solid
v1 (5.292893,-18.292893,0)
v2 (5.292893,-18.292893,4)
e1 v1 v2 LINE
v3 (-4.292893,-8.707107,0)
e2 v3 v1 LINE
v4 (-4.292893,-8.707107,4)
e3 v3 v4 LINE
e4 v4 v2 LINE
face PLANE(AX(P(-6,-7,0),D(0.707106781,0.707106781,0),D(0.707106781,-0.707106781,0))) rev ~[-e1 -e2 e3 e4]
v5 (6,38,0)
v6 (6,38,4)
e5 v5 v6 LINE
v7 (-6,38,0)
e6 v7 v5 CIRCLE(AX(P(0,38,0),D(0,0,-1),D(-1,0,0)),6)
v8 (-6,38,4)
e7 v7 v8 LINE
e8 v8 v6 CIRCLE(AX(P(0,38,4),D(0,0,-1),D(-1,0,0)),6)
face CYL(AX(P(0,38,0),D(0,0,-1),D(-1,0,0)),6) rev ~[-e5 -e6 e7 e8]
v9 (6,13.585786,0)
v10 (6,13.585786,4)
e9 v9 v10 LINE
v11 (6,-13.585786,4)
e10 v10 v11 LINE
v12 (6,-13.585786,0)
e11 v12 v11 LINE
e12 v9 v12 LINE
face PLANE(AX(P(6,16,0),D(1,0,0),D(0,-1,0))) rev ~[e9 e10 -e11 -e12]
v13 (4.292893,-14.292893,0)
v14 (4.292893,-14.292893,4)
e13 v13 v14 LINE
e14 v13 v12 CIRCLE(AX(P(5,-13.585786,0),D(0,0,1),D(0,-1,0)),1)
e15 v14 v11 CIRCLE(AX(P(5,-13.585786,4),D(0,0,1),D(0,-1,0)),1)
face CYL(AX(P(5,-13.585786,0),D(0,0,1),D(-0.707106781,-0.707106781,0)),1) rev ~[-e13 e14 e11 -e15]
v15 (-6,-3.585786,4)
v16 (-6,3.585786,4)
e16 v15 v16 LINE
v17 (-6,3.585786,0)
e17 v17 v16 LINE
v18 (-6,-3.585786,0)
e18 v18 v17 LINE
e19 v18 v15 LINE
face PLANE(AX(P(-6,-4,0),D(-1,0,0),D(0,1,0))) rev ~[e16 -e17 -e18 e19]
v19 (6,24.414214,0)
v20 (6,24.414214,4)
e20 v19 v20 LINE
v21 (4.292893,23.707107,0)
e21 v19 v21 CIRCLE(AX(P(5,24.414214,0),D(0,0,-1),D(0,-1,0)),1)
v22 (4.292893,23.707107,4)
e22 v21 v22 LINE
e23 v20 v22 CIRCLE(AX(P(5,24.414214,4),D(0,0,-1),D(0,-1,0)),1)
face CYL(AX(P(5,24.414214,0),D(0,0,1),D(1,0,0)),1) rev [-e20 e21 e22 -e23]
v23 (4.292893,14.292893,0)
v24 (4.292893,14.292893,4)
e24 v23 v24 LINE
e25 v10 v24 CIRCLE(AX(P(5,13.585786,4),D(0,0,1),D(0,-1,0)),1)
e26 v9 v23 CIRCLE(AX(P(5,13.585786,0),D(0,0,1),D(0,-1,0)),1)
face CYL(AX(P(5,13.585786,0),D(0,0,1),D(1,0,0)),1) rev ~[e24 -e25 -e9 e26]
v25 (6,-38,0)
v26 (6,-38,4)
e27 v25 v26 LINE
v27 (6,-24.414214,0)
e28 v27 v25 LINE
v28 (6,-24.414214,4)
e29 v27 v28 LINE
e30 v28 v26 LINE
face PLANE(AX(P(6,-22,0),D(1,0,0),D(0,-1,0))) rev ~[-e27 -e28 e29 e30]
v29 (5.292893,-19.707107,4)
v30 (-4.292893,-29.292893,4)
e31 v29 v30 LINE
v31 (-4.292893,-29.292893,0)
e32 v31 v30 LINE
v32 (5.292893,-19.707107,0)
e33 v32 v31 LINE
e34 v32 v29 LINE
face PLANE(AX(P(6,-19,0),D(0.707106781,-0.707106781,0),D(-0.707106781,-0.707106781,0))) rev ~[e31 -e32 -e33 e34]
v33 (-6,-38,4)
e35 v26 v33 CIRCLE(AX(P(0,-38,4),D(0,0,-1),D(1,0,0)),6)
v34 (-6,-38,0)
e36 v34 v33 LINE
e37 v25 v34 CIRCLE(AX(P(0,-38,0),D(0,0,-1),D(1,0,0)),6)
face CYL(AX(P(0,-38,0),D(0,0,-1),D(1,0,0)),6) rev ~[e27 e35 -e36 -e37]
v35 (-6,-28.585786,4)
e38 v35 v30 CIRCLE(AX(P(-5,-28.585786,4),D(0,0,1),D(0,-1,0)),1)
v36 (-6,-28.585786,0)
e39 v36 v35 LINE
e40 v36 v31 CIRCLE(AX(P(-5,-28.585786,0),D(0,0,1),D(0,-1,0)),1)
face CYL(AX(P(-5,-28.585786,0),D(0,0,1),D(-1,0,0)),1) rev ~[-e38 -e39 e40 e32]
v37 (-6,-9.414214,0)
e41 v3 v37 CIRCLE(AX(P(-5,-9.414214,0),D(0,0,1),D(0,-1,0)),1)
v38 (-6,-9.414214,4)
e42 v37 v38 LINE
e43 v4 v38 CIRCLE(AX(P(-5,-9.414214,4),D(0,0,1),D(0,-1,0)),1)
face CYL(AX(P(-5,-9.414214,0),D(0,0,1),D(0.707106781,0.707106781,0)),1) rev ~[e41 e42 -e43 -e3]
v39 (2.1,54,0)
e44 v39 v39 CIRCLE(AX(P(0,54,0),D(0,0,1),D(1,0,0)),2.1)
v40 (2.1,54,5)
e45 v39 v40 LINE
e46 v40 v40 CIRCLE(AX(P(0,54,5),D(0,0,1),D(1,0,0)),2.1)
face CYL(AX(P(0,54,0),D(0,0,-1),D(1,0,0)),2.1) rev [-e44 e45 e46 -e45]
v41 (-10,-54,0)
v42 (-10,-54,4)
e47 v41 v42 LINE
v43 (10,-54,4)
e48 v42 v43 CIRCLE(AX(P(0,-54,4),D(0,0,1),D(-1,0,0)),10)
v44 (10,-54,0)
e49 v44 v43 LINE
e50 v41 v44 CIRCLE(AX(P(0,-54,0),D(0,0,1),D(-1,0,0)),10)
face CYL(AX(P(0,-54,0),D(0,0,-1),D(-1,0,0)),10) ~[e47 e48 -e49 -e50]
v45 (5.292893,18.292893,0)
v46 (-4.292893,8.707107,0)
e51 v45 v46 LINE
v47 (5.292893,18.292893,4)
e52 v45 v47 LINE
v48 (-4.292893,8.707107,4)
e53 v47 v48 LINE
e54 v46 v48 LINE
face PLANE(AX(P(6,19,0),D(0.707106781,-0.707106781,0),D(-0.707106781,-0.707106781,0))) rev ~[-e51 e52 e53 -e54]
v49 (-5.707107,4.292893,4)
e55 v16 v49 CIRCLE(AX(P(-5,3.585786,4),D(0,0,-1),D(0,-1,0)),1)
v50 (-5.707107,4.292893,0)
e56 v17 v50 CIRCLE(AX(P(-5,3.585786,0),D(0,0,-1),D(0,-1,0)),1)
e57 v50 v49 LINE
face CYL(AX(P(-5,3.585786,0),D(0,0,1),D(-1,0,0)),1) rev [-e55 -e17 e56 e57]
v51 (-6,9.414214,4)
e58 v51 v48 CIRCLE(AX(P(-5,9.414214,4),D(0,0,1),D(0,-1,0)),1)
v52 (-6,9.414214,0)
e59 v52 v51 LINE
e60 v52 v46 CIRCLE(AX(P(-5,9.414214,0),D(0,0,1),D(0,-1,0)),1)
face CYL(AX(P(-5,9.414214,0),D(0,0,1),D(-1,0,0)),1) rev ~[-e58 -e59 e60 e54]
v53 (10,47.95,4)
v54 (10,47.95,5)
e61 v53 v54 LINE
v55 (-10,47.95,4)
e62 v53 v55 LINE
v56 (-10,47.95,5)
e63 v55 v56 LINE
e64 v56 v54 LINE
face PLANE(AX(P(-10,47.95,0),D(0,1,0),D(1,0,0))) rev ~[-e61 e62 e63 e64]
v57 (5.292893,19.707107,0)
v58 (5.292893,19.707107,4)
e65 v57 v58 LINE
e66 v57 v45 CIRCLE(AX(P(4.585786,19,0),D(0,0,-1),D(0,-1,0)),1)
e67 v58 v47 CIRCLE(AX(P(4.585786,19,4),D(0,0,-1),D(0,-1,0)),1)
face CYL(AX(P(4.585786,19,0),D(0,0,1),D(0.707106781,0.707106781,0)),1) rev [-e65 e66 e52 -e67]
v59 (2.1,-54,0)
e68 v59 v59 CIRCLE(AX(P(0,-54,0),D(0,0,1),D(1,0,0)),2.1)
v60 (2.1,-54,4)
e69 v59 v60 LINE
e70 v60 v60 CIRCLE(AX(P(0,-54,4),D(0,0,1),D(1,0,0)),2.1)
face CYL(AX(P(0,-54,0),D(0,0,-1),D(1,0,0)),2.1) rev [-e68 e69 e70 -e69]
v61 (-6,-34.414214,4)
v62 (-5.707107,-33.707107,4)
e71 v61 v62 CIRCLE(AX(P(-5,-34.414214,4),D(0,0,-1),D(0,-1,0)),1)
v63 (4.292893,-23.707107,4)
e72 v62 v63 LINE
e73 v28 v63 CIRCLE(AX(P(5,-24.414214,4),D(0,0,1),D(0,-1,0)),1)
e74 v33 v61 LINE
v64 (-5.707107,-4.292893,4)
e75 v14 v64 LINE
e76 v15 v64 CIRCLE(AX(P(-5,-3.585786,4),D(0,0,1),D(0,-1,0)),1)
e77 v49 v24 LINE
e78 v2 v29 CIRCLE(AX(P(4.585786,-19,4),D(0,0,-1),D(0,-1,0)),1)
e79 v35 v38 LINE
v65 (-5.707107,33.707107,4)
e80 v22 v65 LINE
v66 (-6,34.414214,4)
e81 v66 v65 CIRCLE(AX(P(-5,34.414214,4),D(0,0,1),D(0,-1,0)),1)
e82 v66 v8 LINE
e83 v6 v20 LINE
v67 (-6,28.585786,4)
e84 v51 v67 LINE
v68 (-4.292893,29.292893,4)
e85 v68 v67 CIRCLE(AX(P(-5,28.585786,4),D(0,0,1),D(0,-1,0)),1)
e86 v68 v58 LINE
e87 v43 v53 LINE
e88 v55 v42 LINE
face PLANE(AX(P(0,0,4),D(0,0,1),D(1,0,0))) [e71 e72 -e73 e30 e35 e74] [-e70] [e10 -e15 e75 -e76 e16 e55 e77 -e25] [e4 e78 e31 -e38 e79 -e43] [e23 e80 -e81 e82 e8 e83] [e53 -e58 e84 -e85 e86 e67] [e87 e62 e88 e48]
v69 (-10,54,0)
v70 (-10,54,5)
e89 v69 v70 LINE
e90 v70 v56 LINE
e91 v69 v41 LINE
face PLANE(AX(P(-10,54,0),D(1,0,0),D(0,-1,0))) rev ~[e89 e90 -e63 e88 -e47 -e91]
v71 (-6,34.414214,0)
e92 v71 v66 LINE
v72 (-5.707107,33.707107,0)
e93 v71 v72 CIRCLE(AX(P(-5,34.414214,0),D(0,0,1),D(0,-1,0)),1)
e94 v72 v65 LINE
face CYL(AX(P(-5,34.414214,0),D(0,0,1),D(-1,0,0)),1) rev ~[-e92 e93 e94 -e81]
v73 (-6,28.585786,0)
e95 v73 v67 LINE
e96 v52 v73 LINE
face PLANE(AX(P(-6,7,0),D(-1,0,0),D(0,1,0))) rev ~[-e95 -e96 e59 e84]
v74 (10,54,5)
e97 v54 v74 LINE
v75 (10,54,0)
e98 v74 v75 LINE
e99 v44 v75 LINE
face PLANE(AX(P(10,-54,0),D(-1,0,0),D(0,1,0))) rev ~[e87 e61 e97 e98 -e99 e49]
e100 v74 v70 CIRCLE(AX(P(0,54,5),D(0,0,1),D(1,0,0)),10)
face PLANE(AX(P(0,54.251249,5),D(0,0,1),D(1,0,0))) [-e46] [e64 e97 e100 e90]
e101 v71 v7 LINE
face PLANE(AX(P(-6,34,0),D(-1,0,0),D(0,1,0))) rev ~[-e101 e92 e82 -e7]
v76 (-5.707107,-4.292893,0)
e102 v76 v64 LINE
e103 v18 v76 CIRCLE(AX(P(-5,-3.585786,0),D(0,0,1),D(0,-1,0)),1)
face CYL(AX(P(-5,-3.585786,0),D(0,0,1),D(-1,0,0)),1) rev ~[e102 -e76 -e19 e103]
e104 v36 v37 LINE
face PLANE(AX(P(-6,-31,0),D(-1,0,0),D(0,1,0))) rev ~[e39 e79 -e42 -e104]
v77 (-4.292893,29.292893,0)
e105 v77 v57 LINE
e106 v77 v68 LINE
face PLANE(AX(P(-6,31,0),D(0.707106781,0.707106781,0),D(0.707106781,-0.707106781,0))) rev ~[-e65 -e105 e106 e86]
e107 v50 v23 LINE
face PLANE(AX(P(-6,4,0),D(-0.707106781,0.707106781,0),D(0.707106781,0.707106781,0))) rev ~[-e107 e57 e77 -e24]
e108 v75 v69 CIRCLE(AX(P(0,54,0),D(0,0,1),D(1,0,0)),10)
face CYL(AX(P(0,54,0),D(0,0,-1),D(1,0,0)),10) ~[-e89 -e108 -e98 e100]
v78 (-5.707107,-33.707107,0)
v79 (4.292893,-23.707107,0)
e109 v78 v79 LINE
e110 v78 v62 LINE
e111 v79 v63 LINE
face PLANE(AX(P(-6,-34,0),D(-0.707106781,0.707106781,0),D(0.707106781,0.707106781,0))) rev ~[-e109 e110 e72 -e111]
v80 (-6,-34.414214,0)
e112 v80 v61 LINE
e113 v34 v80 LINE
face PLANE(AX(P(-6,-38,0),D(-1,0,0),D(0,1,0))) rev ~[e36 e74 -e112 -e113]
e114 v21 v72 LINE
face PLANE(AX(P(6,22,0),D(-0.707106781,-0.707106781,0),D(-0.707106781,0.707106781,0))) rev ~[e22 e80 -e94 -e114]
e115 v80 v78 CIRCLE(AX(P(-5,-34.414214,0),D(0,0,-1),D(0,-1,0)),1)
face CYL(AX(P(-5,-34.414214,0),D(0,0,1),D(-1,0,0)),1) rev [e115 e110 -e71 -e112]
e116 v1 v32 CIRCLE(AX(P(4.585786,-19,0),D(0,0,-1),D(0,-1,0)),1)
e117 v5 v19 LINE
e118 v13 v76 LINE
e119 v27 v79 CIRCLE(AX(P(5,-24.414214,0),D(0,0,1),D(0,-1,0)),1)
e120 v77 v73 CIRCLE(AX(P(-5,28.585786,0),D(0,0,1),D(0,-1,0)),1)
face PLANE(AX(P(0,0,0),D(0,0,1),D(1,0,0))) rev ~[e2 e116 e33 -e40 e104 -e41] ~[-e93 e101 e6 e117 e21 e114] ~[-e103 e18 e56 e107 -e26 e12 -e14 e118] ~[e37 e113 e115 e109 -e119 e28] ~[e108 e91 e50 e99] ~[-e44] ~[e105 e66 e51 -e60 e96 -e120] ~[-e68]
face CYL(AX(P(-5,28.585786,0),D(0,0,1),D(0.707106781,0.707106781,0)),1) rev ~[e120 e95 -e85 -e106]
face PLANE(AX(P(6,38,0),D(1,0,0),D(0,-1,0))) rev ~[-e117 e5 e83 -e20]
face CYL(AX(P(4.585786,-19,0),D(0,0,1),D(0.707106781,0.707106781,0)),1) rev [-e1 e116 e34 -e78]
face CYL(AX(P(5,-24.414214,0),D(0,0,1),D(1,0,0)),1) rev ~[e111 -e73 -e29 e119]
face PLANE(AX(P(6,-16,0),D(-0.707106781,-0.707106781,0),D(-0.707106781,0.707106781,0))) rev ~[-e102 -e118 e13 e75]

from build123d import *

# Parameters (mm, degrees)
CROQUIS1_R              = 2.1
SALIENTE_EXTRUIR1_DEPTH = 4
CROQUIS1_6_R            = 2.1
SALIENTE_EXTRUIR3_DEPTH = 5
REDONDEO1_R             = 1


with BuildPart() as part:
    # Croquis1 → Saliente-Extruir1 (new body)
    with BuildSketch(Plane.XY):
        with BuildLine():
            ThreePointArc((10, 54), (0, 64), (-10, 54))
            Line((-10, 54), (-10, -54))
            ThreePointArc((-10, -54), (0, -64), (10, -54))
            Line((10, -54), (10, 54))
        make_face()
        with Locations((0, 54)):
            Circle(CROQUIS1_R, mode=Mode.SUBTRACT)
        with BuildLine():
            Line((6, 38), (6, 22))
            Line((6, 22), (-6, 34))
            Line((-6, 34), (-6, 38))
            ThreePointArc((-6, 38), (0, 44), (6, 38))
        make_face(mode=Mode.SUBTRACT)
        Polygon((-6, 7), (-6, 31), (6, 19), align=None, mode=Mode.SUBTRACT)
        Polygon((-6, -4), (-6, 4), (6, 16), (6, -16), align=None, mode=Mode.SUBTRACT)
        Polygon((-6, -31), (-6, -7), (6, -19), align=None, mode=Mode.SUBTRACT)
        with BuildLine():
            Line((-6, -38), (-6, -34))
            Line((-6, -34), (6, -22))
            Line((6, -22), (6, -38))
            ThreePointArc((6, -38), (0, -44), (-6, -38))
        make_face(mode=Mode.SUBTRACT)
        with Locations((0, -54)):
            Circle(CROQUIS1_R, mode=Mode.SUBTRACT)
    extrude(amount=SALIENTE_EXTRUIR1_DEPTH)

    # Croquis1<6> → Saliente-Extruir3 (add)
    with BuildSketch(Plane.XY):
        with BuildLine():
            Line((10, 47.95), (10, 54))
            ThreePointArc((10, 54), (0, 64), (-10, 54))
            Line((-10, 54), (-10, 47.95))
            Line((-10, 47.95), (10, 47.95))
        make_face()
        with Locations((0, 54)):
            Circle(CROQUIS1_6_R, mode=Mode.SUBTRACT)
    extrude(amount=SALIENTE_EXTRUIR3_DEPTH)

    # Redondeo1
    redondeo1_edges = [part.edges().sort_by_distance(p)[0] for p in [
        (6, 22, 2),
        (6, 16, 2),
        (6, 19, 2),
        (-6, 31, 2),
        (-6, 7, 2),
        (6, -22, 2),
        (6, -16, 2),
        (6, -19, 2),
        (-6, -31, 2),
        (-6, -7, 2),
        (-6, 34, 2),
        (-6, -4, 2),
        (-6, -34, 2),
        (-6, 4, 2),
    ]]
    fillet(redondeo1_edges, radius=REDONDEO1_R)


solid = part.part
